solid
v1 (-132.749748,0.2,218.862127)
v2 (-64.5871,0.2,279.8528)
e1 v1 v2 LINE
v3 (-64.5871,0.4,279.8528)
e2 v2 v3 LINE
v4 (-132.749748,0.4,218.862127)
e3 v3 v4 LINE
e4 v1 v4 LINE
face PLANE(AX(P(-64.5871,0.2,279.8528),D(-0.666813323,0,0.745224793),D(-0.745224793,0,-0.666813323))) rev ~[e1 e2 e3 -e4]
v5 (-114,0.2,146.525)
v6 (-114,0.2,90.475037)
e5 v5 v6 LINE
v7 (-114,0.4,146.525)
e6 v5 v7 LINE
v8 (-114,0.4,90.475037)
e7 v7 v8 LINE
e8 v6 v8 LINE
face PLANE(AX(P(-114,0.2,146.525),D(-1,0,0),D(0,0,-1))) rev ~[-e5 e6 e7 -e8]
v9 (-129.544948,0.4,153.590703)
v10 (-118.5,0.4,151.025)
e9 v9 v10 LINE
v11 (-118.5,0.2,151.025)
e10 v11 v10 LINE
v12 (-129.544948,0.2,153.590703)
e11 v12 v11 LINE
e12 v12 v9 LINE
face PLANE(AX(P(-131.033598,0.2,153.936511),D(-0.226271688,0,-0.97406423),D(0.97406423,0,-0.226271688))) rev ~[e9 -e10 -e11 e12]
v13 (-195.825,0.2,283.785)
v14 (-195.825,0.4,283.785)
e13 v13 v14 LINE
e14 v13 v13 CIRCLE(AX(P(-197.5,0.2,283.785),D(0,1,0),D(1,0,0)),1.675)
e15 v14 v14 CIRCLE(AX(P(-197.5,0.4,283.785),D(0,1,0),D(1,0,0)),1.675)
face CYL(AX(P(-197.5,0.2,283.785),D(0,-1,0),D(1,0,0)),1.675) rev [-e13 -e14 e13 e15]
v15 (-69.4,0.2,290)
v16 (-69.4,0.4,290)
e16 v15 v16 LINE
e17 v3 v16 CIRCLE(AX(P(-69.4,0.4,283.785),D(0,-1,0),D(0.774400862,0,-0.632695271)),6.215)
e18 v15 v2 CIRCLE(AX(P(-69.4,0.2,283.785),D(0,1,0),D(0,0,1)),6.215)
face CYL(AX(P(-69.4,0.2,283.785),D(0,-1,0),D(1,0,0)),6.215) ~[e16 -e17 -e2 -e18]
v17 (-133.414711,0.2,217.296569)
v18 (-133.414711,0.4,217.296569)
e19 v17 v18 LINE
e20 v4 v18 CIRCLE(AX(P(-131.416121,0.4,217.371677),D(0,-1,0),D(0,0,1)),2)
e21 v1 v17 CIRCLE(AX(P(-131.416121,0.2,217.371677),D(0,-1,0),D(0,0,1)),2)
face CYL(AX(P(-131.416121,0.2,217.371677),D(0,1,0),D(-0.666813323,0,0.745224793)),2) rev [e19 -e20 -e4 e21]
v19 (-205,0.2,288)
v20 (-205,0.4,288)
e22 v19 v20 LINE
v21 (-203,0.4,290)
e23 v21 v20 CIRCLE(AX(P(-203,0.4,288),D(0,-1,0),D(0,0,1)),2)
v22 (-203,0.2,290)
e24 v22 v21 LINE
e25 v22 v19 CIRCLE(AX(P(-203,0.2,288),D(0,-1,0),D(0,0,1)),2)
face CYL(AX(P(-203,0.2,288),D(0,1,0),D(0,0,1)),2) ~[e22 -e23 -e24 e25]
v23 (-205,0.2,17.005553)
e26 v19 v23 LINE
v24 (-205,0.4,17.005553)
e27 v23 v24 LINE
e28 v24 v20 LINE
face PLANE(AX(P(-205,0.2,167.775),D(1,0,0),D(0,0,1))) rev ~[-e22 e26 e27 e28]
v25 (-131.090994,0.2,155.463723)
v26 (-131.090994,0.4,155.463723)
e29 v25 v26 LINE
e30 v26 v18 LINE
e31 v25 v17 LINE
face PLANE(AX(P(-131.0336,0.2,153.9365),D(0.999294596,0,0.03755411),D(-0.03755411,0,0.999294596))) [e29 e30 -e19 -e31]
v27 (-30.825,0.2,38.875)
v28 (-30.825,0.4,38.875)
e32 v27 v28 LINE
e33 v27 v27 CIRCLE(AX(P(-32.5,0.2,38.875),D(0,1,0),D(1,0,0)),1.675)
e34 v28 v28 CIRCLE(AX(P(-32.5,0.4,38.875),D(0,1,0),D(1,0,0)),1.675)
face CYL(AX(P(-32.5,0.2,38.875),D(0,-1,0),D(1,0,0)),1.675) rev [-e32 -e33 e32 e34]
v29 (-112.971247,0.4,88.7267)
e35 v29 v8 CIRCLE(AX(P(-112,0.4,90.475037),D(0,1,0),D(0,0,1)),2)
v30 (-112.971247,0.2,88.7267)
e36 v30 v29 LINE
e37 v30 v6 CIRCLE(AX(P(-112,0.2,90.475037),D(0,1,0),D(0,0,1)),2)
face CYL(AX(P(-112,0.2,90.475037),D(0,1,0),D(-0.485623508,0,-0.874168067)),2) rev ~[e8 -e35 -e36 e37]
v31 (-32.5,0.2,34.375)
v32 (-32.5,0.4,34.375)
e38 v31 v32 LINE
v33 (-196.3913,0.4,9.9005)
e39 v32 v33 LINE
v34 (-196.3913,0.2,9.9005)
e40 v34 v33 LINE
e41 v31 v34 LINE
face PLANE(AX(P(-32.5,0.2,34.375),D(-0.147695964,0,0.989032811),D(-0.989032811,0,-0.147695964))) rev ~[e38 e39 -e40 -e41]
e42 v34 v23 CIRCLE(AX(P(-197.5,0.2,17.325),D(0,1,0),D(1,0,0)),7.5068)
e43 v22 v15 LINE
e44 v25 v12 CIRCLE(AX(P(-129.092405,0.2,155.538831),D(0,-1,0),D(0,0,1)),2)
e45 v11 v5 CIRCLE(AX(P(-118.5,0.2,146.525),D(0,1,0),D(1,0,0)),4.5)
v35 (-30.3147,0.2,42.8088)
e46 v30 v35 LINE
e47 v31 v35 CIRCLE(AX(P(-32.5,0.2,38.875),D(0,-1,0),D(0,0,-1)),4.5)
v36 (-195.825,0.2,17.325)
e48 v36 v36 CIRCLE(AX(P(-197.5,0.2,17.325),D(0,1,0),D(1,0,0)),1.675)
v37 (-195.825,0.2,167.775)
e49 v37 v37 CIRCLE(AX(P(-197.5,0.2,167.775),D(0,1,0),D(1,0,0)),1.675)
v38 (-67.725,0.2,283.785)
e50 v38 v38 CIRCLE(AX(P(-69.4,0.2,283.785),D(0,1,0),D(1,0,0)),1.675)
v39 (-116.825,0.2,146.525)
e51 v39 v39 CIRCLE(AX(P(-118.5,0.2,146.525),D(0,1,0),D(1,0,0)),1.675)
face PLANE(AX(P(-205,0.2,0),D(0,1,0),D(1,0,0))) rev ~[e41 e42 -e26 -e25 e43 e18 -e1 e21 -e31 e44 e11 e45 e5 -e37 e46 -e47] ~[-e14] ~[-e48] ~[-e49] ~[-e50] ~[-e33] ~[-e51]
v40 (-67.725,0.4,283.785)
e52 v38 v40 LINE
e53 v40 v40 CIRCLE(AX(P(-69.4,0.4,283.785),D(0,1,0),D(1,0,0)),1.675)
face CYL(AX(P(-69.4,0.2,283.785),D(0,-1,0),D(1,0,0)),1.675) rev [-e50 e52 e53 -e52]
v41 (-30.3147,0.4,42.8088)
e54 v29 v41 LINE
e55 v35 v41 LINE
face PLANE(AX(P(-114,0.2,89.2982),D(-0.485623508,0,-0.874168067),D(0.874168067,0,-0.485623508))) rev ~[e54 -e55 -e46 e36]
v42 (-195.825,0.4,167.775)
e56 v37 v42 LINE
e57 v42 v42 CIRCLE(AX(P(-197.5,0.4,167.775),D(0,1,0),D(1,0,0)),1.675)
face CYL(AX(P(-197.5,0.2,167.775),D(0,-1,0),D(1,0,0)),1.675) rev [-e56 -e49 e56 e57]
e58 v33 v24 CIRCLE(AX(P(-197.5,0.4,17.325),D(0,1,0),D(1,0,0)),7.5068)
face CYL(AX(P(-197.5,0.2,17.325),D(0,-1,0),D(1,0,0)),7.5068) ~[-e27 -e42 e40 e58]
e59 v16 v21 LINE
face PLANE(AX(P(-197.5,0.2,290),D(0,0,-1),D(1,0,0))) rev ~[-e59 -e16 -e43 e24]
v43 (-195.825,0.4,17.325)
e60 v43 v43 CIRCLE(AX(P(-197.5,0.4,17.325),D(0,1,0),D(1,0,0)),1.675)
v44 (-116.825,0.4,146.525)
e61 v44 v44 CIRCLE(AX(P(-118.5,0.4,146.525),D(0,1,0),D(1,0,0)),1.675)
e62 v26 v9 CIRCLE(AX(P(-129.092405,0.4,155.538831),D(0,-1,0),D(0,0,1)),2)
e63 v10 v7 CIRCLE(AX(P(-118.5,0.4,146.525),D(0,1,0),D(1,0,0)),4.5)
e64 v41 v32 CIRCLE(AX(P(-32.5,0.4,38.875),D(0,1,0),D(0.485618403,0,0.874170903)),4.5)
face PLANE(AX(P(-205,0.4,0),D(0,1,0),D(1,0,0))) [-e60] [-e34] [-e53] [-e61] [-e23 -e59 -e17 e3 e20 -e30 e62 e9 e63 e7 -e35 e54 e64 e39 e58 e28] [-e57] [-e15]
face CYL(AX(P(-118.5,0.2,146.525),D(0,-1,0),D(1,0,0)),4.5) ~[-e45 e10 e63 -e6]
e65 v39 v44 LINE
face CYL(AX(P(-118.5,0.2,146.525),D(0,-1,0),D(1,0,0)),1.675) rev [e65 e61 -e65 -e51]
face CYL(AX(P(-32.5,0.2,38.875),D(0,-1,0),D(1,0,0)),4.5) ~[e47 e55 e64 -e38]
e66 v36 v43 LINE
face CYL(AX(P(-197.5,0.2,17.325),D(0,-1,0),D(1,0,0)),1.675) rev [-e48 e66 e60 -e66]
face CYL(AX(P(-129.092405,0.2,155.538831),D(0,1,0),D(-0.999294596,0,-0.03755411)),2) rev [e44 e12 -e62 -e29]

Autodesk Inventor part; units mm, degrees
ref_plane "YZ Plane" through (0, 0, 0) normal (1, 0, 0) x (0, 1, 0)
ref_plane "XZ Plane" through (0, 0, 0) normal (0, 1, 0) x (-1, 0, 0)
ref_plane "Work Plane1" through (-205, 0.2, 0) normal (0, 1, 0) x (1, 0, 0)
sketch "Sketch1" plane through (-205, 0.2, 0) normal (0, 1, 0) x (1, 0, 0)
  circle A0 centre (135.6, -283.785) radius 1.675 projected
  circle A1 centre (135.6, -283.785) radius 6.215
  line L0 (0, -290) -> (155, -290) projected
  circle A2 centre (7.5, -283.785) radius 1.675 projected
  circle A3 centre (7.5, -283.785) radius 6.215
  circle A4 centre (7.5, -167.775) radius 1.675 projected
  circle A5 centre (7.5, -167.775) radius 7.5
  line L1 (0, 0) -> (0, -290) projected
  circle A6 centre (86.5, -146.525) radius 1.675 projected
  circle A7 centre (86.5, -146.525) radius 4.5
  circle A8 centre (7.5, -17.325) radius 1.675 projected
  circle A9 centre (7.5, -17.325) radius 7.5068
  circle A10 centre (172.5, -38.875) radius 1.675 projected
  circle A11 centre (172.5, -38.875) radius 4.5
  line L2 (14.9987, -167.6345) -> (86.5, -151.025)
  line L3 (172.5, -34.375) -> (8.6087, -9.9005)
  line L4 (91, -146.525) -> (91, -89.2982)
  line L5 (91, -89.2982) -> (174.6853, -42.8088)
  line L6 (140.4129, -279.8528) -> (14.9987, -167.6345)
  line L7 (135.6, -290) -> (7.5, -290)
  line L8 (7.5, -290) -> (0, -290)
  line L9 (0, -290) -> (0, -167.775)
  line L10 (0, -167.775) -> (0, -17.6452)
  line L11 (8.6087, -9.9005) -> (8.6087, 0)
  line L12 (8.6087, 0) -> (0, 0)
  line L13 (0, 0) -> (0, -17.6452)
  line L14 (73.9664, -153.9365) -> (71.55, -218.2356)
  point P0 (205, 0)
  point P1 (0, -17.0048)
  dimension "d1" = 9
  dimension "d2" = 9
extrude "Extrusion1" add sketch "Sketch1" along normal blind 0.2 contours A1 L6 | A3 | L0 L1 A5 L6 A1 | L6 L2 L14 | A5 | A5 L1 A9 L3 A11 L5 L4 A7 L2 | A7 | L1 A9 | A11 picked at (138.7473, -280.3645) picked at (7.7088, -11.8041)
fillet "Fillet1" radius 2 4 edges at (-133.45, 0.3, 218.2356) (-114, 0.3, 89.2982) (-205, 0.3, 290) (-131.0336, 0.3, 153.9365)
properties part number "base_main_pcb_full_itr2"
